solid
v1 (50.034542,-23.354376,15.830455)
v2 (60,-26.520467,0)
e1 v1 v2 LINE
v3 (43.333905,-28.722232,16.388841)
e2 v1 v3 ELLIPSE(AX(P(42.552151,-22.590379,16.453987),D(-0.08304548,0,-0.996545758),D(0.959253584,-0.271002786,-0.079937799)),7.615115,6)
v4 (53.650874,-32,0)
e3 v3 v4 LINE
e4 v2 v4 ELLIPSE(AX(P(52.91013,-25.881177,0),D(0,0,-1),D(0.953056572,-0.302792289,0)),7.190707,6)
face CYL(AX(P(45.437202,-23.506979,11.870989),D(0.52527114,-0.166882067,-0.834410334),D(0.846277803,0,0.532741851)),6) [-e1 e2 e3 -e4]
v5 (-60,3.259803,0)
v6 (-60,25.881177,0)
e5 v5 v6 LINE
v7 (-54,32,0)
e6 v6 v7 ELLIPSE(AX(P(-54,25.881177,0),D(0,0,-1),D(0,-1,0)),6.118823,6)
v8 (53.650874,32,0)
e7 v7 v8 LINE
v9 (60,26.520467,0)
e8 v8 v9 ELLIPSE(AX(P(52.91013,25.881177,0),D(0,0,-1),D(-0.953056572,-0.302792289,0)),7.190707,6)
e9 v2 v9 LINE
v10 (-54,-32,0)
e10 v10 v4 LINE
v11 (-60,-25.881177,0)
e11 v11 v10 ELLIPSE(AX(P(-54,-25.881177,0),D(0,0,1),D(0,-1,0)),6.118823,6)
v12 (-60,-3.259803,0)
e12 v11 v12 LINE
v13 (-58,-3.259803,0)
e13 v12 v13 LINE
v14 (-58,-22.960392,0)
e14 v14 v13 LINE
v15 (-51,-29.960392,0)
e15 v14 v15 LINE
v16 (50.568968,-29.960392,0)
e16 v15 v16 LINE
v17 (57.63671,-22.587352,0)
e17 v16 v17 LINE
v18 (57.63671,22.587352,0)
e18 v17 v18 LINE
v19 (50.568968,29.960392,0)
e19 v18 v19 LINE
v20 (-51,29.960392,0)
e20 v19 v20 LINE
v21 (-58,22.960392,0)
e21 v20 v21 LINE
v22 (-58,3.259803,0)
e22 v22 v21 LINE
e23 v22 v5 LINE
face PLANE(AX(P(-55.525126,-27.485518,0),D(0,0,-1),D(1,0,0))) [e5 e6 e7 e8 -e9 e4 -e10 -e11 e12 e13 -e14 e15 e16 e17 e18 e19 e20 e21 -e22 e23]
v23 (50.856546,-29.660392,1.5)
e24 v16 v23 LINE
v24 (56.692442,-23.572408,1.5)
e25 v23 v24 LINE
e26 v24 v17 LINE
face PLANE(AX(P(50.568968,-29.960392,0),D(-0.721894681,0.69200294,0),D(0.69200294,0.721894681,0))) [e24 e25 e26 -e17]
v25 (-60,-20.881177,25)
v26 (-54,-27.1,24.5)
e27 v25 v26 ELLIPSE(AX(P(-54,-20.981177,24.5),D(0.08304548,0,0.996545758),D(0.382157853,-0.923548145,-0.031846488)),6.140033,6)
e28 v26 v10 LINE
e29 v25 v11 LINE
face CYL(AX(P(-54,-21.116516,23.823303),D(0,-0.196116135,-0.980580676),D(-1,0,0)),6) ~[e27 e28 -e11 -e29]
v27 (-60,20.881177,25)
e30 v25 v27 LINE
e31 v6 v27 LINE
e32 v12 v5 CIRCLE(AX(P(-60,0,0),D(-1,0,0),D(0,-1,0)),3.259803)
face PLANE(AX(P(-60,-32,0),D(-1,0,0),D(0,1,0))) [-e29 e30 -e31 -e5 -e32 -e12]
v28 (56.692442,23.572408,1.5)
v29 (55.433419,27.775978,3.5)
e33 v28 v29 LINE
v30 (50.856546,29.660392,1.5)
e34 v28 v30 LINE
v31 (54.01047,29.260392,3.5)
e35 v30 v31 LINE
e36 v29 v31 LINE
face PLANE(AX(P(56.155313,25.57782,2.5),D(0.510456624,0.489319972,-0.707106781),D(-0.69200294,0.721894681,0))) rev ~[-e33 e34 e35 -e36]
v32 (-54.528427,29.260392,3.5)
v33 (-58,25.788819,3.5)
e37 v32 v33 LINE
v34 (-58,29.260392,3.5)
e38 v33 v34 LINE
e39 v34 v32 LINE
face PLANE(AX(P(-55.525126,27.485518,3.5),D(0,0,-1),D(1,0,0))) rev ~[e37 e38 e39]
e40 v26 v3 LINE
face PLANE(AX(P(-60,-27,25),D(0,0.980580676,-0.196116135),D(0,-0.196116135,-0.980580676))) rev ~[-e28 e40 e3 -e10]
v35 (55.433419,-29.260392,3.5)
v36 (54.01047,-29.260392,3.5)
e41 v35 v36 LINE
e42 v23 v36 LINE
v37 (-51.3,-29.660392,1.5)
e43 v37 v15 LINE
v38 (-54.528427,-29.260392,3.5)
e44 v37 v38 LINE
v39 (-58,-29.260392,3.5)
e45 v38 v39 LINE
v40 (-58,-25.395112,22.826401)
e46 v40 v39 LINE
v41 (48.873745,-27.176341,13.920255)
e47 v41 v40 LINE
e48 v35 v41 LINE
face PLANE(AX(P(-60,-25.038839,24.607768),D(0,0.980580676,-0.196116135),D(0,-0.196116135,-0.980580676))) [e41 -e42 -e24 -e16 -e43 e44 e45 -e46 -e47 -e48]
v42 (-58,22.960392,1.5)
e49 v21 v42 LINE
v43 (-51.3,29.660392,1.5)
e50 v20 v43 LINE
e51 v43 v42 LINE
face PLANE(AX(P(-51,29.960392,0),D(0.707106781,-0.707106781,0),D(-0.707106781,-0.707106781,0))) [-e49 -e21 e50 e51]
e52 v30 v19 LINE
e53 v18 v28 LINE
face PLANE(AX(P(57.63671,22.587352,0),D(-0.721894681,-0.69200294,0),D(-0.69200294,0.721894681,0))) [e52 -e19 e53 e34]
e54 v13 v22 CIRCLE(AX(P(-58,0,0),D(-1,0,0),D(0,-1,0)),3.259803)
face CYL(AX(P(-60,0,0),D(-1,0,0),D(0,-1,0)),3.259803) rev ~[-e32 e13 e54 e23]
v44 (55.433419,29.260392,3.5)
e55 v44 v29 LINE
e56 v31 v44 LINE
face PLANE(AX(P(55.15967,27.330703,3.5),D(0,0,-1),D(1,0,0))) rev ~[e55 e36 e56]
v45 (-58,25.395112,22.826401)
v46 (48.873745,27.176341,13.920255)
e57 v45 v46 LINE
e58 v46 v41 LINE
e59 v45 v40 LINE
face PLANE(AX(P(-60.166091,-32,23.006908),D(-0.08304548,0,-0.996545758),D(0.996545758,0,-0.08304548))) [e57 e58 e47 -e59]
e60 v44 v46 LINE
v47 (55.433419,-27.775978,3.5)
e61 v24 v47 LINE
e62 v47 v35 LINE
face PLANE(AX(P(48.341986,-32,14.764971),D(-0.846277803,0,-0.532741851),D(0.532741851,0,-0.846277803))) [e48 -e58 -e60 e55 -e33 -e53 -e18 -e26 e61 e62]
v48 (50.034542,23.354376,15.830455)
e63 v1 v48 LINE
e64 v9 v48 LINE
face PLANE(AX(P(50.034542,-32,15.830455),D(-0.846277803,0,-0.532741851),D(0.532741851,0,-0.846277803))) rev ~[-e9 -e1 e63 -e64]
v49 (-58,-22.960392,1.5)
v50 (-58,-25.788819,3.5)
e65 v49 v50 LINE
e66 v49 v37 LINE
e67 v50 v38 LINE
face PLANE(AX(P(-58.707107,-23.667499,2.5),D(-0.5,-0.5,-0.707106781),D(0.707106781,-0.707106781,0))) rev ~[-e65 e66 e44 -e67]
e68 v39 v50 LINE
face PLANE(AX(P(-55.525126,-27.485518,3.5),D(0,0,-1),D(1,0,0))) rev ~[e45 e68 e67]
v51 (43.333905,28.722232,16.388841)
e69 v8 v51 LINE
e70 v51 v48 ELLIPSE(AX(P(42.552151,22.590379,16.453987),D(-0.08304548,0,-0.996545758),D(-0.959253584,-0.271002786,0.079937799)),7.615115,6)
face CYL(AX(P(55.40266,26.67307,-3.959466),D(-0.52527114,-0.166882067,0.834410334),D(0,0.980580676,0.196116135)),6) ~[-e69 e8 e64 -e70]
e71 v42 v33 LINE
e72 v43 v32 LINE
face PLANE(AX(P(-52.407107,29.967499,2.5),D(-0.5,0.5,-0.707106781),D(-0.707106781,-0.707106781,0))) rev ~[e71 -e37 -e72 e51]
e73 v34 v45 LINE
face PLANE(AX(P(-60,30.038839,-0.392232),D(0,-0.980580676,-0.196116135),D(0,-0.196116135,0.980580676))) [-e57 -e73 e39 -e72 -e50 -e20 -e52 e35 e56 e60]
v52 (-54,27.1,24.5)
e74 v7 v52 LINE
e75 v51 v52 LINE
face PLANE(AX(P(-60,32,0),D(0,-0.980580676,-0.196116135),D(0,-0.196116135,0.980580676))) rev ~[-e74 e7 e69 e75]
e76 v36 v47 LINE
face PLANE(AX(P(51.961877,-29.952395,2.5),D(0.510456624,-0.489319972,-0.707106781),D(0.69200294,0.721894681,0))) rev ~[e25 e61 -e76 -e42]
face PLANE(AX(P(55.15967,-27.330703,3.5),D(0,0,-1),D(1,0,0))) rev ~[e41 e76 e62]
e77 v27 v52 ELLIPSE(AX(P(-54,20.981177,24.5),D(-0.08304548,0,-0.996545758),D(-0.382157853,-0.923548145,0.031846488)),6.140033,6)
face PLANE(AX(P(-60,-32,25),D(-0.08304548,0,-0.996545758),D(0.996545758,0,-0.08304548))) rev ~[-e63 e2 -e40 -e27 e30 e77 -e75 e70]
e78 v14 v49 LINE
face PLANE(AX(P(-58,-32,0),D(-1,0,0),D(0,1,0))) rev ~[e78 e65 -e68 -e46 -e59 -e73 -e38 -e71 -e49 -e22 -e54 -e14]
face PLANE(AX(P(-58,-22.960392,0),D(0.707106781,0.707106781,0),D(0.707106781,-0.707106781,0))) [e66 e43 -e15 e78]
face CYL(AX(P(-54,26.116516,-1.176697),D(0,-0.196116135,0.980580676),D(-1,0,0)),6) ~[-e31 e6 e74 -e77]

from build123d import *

# Parameters (mm, degrees)
F0_W      = 120
F0_H      = 64
F1_DEPTH  = 25
F3_DEPTH  = 64.001
F5_DEPTH  = 64.001
F7_DEPTH  = 120.001
F8_T      = -2
F9_R      = 3.259803
F10_DEPTH = 25
F12_DEPTH = 3.5
F13_SIZE  = 2
F14_R     = 6


with BuildPart() as f1:
    # F0 (on Top) → F1 (new body)
    with BuildSketch(Plane.XY):
        Rectangle(F0_W, F0_H)
    extrude(amount=F1_DEPTH)

    # F2 (on face) → F3 (cut, through all)
    with BuildSketch(Plane.XZ.offset(32)):
        Polygon((60, 25), (-60, 25), (60, 15), align=None)
    extrude(amount=-F3_DEPTH, mode=Mode.SUBTRACT)

    # F4 (on face) → F5 (cut, through all)
    with BuildSketch(Plane.XZ.offset(32)):
        Polygon((50.034542, 15.830455), (60, 0), (60, 15), align=None)
    extrude(amount=-F5_DEPTH, mode=Mode.SUBTRACT)

    # F6 (on face) → F7 (cut, through all)
    with BuildSketch(Plane(origin=(-60, 0, 0), x_dir=(0, -1, 0), z_dir=(-1, 0, 0))):
        Polygon((-27, 25), (-32, 25), (-32, 0), align=None)
        Polygon((32, 25), (27, 25), (32, 0), align=None)
    extrude(amount=-F7_DEPTH, mode=Mode.SUBTRACT)

    # F8
    f8_openings = [f1.faces().sort_by_distance(p)[0] for p in [
        (0, 0, 0),
    ]]
    offset(amount=F8_T, openings=f8_openings)

    # F9 (on face) → F10 (cut)
    with BuildSketch(Plane(origin=(-60, 0, 0), x_dir=(0, -1, 0), z_dir=(-1, 0, 0))):
        Circle(F9_R)
    extrude(amount=-F10_DEPTH, mode=Mode.SUBTRACT)

    # F11 (on face) → F12 (join)
    with BuildSketch(Plane(origin=(0, 0, 0), x_dir=(1, 0, 0), z_dir=(0, 0, -1))):
        Polygon((-51, 29.960392), (-58, 29.960392), (-58, 22.960392), align=None)
        Polygon((57.63671, 22.587352), (57.63671, 29.960392), (50.568968, 29.960392), align=None)
        Polygon((57.63671, -22.587352), (50.568968, -29.960392), (57.63671, -29.960392), align=None)
        Polygon((-58, -22.960392), (-58, -29.960392), (-51, -29.960392), align=None)
    extrude(amount=-F12_DEPTH)

    # F13
    f13_edges = [f1.edges().sort_by_distance(p)[0] for p in [
        (-54.85, 26.110392, 3.5),
        (53.336701, -27.073104, 3.5),
        (-54.85, -26.110392, 3.5),
        (53.336701, 27.073104, 3.5),
    ]]
    chamfer(f13_edges, length=F13_SIZE)

    # F14
    f14_edges = [f1.edges().sort_by_distance(p)[0] for p in [
        (55.017271, -30.416955, 7.915227),
        (55.017271, 30.416955, 7.915227),
        (-60, -29.5, 12.5),
        (-60, 29.5, 12.5),
    ]]
    fillet(f14_edges, radius=F14_R)


solid = f1.part
